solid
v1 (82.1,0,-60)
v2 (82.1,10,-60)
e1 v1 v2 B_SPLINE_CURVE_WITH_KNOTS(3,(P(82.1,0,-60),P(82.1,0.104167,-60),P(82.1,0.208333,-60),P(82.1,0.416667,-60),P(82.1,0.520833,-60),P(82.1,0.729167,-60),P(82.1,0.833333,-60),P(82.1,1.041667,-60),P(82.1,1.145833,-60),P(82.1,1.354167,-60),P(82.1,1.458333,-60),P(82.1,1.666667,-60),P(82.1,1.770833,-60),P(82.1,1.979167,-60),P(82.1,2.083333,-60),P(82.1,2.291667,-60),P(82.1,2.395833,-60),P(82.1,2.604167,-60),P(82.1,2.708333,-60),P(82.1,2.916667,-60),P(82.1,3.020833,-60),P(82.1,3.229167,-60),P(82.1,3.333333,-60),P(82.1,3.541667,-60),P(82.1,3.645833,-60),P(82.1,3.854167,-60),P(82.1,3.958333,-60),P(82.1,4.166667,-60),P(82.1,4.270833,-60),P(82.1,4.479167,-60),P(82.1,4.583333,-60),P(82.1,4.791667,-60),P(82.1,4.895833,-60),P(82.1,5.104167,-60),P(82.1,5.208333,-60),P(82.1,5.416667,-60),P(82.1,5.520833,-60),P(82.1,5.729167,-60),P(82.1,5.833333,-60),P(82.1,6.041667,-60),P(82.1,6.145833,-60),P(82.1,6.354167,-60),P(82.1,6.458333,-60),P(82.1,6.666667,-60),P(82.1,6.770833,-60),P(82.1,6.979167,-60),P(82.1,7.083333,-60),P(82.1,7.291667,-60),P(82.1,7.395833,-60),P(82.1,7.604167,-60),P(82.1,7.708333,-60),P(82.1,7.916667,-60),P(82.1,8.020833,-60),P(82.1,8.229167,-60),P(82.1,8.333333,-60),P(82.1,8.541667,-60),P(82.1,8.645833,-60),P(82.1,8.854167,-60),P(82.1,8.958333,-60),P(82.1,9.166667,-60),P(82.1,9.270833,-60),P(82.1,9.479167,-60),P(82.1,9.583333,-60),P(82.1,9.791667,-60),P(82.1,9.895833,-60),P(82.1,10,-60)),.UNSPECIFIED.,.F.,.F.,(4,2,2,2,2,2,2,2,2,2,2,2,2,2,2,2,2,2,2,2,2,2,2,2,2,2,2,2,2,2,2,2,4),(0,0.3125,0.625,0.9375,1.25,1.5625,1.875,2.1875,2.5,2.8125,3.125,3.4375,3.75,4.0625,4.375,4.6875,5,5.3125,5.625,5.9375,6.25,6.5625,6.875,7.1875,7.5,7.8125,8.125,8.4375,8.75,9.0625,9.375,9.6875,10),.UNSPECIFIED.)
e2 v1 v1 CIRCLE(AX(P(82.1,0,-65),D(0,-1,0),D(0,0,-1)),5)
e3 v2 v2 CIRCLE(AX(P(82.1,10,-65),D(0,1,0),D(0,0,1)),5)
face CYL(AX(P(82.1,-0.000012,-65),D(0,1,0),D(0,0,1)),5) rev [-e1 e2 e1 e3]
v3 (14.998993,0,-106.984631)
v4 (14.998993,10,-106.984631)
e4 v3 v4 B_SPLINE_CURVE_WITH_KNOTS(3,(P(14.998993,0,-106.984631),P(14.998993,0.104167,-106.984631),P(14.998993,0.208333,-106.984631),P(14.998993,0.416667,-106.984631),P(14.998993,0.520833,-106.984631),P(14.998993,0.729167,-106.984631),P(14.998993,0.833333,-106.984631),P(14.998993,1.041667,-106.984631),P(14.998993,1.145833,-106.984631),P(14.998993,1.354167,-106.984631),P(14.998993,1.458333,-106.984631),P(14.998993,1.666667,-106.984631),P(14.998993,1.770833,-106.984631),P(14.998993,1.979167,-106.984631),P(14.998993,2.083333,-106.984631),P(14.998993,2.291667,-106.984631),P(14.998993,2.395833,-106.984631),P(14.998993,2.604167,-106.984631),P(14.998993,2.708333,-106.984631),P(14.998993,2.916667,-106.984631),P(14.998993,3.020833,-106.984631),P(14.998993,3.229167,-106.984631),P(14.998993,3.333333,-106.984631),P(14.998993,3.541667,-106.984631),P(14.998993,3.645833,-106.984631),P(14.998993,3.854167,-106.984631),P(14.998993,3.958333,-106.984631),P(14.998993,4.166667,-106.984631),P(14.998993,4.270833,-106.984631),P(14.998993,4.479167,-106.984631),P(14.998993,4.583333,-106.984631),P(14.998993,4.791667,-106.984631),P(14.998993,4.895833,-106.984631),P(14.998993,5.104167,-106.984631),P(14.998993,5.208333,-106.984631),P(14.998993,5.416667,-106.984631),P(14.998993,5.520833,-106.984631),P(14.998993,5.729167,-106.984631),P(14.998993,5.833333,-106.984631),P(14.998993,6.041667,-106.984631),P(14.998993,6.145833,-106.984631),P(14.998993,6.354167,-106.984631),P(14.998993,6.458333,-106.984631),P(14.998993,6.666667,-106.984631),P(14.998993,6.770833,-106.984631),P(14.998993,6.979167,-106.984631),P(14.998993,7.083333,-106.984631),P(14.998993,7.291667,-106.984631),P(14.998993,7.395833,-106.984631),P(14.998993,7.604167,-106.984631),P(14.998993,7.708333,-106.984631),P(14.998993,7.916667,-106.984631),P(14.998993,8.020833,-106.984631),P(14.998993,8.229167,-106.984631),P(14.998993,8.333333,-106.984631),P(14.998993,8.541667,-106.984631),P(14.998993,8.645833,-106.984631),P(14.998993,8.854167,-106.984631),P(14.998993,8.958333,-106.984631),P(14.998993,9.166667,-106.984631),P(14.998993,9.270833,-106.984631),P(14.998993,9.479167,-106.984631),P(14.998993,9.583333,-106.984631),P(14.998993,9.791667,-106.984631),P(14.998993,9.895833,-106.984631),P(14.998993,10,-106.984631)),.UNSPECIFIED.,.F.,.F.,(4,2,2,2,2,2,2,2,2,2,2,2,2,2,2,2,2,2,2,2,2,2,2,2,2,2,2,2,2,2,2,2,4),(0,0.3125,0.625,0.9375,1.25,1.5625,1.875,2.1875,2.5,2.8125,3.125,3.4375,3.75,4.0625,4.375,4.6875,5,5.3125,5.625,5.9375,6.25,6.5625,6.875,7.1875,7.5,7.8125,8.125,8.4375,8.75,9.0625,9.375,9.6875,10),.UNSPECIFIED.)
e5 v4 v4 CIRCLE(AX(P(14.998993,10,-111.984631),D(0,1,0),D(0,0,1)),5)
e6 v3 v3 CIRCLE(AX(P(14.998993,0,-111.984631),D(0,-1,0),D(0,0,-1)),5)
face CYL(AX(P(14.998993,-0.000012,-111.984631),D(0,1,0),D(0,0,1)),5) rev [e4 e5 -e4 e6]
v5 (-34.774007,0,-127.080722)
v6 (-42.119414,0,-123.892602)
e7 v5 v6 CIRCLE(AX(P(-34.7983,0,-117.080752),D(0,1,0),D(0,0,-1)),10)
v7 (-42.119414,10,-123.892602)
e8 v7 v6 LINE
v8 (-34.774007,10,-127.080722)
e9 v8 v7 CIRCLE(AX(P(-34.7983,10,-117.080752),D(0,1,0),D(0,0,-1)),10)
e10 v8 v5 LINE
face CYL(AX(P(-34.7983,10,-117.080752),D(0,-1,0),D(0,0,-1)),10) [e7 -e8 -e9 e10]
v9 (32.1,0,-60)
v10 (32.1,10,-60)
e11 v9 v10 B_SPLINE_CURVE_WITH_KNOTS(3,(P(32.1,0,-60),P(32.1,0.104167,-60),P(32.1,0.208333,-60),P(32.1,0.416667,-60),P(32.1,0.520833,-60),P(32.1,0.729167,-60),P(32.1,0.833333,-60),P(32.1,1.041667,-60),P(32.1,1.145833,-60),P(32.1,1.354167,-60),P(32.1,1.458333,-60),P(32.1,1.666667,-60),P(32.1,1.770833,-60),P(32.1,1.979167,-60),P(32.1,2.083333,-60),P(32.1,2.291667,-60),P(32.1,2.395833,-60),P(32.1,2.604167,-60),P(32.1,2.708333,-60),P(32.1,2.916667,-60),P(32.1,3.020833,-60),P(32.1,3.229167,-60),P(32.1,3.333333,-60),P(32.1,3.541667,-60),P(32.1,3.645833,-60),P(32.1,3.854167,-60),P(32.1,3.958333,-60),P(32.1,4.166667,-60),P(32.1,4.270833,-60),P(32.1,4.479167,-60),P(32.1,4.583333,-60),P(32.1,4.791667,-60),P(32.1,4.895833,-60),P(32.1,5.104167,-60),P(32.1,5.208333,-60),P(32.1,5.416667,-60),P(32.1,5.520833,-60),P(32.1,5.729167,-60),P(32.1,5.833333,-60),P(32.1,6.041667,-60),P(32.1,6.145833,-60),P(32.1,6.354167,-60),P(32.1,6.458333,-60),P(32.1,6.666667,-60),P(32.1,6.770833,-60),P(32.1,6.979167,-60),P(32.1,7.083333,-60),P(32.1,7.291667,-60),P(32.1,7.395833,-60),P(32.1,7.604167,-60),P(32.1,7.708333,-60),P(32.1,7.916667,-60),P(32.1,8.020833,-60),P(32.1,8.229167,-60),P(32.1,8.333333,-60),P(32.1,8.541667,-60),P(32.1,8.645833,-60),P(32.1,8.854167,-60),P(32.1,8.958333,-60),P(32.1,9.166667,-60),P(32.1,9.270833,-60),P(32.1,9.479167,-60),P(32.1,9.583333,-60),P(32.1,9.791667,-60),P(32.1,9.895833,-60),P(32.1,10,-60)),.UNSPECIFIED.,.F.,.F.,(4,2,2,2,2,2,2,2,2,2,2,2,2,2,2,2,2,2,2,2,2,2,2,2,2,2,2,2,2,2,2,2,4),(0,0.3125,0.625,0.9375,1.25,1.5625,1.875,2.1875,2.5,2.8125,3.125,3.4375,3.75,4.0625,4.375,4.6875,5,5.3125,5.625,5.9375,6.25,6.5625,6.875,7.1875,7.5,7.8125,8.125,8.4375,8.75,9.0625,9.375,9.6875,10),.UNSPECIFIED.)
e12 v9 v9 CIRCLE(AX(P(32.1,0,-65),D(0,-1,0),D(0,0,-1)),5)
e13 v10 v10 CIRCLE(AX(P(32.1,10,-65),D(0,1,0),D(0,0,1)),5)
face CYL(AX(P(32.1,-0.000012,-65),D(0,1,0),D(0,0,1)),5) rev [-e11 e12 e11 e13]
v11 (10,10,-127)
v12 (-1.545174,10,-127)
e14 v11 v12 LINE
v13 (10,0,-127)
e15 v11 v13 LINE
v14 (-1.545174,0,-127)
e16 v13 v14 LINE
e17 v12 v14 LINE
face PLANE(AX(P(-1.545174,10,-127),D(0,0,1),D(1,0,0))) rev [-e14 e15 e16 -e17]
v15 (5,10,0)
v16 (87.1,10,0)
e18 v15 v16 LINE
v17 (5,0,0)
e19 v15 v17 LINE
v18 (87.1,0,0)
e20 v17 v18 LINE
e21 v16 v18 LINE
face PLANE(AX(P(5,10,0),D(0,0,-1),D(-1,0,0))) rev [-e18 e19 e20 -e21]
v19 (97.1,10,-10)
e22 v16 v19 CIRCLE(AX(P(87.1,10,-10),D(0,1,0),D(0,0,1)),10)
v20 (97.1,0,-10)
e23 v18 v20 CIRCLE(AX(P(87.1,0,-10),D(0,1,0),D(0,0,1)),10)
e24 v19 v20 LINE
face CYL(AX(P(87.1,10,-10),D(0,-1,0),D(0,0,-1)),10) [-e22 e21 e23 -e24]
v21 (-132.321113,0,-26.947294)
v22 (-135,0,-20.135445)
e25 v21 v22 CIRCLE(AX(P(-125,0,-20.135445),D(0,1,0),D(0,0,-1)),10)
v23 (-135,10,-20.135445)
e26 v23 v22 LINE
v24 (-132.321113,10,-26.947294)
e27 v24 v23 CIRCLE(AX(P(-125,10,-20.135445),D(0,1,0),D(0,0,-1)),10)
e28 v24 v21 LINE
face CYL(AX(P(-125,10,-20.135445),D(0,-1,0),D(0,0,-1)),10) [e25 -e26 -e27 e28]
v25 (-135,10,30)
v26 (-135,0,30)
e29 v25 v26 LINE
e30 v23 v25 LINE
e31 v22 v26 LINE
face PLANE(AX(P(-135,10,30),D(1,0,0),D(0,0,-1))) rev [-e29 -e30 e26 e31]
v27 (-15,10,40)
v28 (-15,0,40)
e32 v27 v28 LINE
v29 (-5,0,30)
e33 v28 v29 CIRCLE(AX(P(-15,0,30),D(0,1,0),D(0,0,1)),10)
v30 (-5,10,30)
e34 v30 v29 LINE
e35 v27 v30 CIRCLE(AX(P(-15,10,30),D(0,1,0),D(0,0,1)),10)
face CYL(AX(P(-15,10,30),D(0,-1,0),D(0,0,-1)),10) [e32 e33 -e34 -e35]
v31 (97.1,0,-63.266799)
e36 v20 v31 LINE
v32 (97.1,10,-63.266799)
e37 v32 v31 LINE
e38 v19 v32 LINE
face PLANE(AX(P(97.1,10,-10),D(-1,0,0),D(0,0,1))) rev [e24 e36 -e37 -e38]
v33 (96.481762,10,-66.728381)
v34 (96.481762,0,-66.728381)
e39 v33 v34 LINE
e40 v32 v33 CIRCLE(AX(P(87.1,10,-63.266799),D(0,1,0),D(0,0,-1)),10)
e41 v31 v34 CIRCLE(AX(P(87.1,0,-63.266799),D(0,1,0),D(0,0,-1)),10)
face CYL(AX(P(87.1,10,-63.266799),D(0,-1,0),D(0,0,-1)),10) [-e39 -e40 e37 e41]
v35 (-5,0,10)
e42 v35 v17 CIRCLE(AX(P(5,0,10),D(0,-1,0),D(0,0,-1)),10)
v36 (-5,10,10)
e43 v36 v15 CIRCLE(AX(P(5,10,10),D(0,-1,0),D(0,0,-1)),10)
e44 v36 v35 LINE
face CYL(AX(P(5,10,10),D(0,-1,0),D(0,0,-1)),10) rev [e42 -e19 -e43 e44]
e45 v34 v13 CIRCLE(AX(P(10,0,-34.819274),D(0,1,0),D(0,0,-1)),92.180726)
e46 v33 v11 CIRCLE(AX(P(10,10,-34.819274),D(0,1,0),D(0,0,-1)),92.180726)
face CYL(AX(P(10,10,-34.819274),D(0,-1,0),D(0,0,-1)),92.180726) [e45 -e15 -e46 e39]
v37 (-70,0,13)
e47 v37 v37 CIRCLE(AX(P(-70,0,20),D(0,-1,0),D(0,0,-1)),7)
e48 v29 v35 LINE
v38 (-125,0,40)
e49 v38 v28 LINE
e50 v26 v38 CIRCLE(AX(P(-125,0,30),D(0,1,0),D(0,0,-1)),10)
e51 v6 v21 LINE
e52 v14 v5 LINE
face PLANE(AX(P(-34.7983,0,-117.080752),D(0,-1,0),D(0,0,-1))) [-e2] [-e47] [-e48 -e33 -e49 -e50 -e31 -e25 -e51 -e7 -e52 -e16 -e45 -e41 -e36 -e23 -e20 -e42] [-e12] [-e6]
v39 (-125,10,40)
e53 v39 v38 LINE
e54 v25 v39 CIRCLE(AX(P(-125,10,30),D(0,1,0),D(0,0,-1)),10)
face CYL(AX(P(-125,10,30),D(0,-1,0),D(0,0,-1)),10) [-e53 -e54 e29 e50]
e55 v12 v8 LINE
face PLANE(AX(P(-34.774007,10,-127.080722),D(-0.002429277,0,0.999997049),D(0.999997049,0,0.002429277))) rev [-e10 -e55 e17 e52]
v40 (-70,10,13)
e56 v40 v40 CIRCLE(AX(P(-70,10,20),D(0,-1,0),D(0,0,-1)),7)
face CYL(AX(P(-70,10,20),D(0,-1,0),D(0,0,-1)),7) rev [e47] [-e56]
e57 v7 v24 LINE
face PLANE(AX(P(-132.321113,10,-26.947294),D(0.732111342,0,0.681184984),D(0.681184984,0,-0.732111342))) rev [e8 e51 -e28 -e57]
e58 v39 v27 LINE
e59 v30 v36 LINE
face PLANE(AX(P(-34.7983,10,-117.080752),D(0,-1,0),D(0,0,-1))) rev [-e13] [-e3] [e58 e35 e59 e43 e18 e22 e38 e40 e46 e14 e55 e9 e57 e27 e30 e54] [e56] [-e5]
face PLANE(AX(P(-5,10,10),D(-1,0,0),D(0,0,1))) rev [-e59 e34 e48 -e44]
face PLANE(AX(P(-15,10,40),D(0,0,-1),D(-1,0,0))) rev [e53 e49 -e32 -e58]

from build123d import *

# Parameters (mm, degrees)
BOSS_EXTRUDE1_DEPTH     = 10
CUT_EXTRUDE4_DEPTH      = 186.673146884
CUT_EXTRUDE4_DEPTH_BACK = 186.673146884
SKETCH2_R               = 5
SKETCH3_R               = 7
CUT_EXTRUDE5_DEPTH      = 186.673146884


with BuildPart() as part:
    # Sketch1 → Boss-Extrude1 (new body)
    with BuildSketch(Plane(origin=(0, 0, 0), x_dir=(1, 0, 0), z_dir=(0, 1, 0))):
        with BuildLine():
            Line((-1.545174458, 127), (10, 127))
            ThreePointArc((10, 127), (62.706174301, 110.445628071), (96.481761872, 66.728380632))
            ThreePointArc((96.481761872, 66.728380632), (96.94422721, 65.024977681), (97.1, 63.266799465))
            Line((97.1, 63.266799465), (97.1, 10))
            ThreePointArc((97.1, 10), (94.171067812, 2.928932188), (87.1, 0))
            Line((87.1, 0), (5, 0))
            ThreePointArc((5, 0), (-2.071067812, -2.928932188), (-5, -10))
            Line((-5, -10), (-5, -30))
            ThreePointArc((-5, -30), (-7.928932188, -37.071067812), (-15, -40))
            Line((-15, -40), (-125, -40))
            ThreePointArc((-125, -40), (-132.071067812, -37.071067812), (-135, -30))
            Line((-135, -30), (-135, 20.135444575))
            ThreePointArc((-135, 20.135444575), (-134.306211211, 23.795285131), (-132.321113421, 26.947294417))
            Line((-132.321113421, 26.947294417), (-42.119413536, 123.892601626))
            ThreePointArc((-42.119413536, 123.892601626), (-38.77974787, 126.253977703), (-34.774007346, 127.080722276))
            Line((-34.774007346, 127.080722276), (-1.545174458, 127))
        make_face()
    extrude(amount=BOSS_EXTRUDE1_DEPTH)

    # Sketch2 → Cut-Extrude4 (cut, two sides: drawn at the far end of the back side and taken through both)
    with BuildSketch(Plane(origin=(0, 0, 0), x_dir=(1, 0, 0), z_dir=(0, 1, 0)).offset(-CUT_EXTRUDE4_DEPTH_BACK)):
        with Locations(Location((14.998992834, 111.984631039, 0), (0, 0, 270))):
            Circle(SKETCH2_R)
        with Locations(Location((82.1, 65, 0), (0, 0, 270))):
            Circle(SKETCH2_R)
        with Locations(Location((32.1, 65, 0), (0, 0, 270))):
            Circle(SKETCH2_R)
    extrude(amount=CUT_EXTRUDE4_DEPTH + CUT_EXTRUDE4_DEPTH_BACK, mode=Mode.SUBTRACT)

    # Sketch3 → Cut-Extrude5 (cut, through all)
    with BuildSketch(Plane.XZ):
        with Locations(Location((-70, 20, 0), (0, 0, 270))):
            Circle(SKETCH3_R)
    extrude(amount=-CUT_EXTRUDE5_DEPTH, mode=Mode.SUBTRACT)


solid = part.part
